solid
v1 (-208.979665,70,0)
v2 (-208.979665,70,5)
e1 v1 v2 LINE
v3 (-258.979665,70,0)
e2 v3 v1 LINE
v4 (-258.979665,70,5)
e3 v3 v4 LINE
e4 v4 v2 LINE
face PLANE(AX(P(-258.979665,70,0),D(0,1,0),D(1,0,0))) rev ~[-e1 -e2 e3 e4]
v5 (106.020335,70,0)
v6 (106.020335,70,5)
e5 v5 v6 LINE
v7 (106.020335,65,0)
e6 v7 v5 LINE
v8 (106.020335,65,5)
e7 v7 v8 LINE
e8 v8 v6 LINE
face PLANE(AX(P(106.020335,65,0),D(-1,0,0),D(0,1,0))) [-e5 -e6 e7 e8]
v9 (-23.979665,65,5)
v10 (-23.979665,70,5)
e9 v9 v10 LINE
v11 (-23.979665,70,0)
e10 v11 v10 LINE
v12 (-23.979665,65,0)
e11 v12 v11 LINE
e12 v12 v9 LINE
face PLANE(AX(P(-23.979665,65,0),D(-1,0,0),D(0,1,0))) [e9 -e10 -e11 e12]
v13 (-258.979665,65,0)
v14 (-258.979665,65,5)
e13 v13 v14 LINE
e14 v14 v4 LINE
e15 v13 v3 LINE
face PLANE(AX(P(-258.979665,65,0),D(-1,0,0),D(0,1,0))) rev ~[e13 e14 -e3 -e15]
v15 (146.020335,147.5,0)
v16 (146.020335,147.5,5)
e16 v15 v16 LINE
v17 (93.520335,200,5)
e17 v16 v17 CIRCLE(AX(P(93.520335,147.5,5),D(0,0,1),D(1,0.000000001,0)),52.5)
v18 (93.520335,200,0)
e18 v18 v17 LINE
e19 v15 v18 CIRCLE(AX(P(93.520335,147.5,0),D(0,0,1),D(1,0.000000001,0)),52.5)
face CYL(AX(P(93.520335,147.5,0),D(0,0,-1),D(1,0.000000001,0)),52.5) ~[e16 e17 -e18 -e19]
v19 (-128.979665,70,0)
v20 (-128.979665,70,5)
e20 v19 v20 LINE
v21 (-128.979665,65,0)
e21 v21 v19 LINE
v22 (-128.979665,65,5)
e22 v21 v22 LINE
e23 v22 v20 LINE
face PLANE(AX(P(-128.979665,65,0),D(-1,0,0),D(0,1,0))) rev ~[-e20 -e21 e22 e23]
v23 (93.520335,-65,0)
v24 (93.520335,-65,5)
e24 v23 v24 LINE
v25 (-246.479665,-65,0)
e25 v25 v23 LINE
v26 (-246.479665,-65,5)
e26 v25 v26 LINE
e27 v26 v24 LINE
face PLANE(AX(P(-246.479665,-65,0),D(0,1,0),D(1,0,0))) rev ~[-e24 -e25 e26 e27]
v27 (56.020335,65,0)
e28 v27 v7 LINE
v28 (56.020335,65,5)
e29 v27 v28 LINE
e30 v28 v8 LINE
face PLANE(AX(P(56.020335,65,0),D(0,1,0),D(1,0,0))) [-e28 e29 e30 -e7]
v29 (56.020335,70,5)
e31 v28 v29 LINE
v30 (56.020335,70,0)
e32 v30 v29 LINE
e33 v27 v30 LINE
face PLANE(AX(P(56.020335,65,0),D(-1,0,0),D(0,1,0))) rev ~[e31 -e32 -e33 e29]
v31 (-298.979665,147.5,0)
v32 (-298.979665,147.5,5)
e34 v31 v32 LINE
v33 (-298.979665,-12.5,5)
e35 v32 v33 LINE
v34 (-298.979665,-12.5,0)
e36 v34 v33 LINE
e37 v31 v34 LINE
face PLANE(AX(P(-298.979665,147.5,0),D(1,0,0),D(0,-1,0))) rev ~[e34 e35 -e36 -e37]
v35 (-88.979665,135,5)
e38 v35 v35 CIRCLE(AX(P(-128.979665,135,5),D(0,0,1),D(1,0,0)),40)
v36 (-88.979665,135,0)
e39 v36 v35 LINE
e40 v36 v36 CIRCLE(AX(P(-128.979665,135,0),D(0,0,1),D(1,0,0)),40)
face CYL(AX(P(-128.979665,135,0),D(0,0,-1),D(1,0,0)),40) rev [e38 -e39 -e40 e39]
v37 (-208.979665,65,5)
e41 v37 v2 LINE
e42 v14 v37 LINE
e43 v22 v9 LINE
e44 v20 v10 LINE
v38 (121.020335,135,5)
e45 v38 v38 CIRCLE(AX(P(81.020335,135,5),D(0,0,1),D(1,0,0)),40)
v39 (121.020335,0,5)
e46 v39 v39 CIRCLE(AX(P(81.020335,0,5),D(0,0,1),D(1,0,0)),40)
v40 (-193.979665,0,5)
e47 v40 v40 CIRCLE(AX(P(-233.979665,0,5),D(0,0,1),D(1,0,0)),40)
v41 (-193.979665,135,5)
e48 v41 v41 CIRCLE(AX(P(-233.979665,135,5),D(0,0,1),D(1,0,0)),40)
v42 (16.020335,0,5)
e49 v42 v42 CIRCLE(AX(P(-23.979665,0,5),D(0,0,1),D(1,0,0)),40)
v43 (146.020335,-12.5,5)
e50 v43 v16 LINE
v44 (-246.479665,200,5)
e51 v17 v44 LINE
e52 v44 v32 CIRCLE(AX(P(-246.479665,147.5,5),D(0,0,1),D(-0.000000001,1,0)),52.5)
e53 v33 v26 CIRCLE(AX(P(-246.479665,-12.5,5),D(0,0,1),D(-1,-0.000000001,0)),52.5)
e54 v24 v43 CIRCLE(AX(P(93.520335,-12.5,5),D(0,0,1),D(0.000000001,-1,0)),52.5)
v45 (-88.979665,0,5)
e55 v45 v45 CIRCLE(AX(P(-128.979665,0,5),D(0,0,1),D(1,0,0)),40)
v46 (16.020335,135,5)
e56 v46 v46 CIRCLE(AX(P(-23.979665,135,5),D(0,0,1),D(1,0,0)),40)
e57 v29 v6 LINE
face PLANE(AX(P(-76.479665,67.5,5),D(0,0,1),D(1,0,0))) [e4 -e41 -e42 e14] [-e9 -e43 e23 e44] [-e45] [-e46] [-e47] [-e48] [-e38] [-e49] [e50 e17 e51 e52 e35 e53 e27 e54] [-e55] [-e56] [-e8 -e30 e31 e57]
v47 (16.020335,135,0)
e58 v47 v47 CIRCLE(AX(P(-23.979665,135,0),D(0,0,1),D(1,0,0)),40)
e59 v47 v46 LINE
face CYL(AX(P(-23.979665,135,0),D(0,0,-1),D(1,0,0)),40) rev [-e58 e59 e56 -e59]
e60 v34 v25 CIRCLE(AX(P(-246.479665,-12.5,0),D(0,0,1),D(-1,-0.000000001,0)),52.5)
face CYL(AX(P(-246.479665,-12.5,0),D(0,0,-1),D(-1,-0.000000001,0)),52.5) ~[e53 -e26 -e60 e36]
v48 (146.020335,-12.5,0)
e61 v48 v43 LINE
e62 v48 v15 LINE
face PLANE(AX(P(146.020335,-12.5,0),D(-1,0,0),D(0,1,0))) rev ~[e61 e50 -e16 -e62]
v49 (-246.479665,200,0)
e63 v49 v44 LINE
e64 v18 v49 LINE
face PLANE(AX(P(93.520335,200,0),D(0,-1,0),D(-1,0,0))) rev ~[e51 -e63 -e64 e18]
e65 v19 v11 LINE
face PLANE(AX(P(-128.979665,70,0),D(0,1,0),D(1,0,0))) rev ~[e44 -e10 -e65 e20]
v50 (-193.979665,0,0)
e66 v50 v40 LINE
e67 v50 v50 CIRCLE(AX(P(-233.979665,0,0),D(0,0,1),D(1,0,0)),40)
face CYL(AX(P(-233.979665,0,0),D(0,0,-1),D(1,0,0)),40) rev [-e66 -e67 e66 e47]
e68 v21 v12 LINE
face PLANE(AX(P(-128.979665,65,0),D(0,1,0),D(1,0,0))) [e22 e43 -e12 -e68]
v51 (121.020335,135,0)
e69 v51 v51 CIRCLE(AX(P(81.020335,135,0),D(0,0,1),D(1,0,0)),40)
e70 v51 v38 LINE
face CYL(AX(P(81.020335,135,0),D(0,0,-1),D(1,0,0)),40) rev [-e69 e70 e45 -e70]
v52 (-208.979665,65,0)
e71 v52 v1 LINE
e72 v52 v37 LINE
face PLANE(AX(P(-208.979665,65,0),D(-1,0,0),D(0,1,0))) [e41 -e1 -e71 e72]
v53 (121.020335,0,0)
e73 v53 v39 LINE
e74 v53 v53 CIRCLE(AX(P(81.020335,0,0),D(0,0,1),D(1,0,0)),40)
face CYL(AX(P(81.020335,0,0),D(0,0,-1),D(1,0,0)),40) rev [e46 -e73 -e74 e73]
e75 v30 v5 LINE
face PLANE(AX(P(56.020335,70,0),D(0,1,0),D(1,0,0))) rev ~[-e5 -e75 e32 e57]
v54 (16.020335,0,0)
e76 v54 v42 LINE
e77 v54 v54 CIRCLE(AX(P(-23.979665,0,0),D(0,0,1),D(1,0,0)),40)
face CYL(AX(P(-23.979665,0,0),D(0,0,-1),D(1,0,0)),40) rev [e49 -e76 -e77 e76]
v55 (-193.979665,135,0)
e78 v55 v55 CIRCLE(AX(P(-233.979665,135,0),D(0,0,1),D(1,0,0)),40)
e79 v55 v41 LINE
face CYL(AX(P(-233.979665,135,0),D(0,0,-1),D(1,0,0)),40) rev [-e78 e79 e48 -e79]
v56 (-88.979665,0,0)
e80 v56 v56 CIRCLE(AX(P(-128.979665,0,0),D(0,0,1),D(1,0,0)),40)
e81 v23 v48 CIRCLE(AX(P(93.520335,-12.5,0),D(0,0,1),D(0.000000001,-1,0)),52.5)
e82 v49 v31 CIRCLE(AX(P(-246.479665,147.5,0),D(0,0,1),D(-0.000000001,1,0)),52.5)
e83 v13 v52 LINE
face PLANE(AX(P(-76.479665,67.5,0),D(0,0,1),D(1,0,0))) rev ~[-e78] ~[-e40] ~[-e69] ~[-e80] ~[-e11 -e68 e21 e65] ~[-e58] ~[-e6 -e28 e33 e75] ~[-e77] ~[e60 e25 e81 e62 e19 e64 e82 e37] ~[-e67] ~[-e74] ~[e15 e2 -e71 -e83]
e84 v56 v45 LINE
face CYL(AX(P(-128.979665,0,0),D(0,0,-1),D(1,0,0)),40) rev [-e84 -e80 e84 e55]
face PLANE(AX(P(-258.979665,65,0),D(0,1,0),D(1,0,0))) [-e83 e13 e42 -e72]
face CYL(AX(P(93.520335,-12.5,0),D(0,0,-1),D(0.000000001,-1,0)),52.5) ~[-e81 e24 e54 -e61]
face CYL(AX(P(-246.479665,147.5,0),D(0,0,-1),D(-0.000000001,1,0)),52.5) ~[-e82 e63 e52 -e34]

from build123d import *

# Parameters (mm, degrees)
F0_R     = 40
F0_W     = 50
F0_H     = 5
F0_W_2   = 105
F1_DEPTH = 5


with BuildPart() as f1:
    # F0 (on Top) → F1 (new body)
    with BuildSketch(Plane.XY):
        with BuildLine():
            ThreePointArc((146.020335, 147.5), (130.643441, 184.623106), (93.520335, 200))
            Line((93.520335, 200), (-246.479665, 200))
            ThreePointArc((-246.479665, 200), (-283.602771, 184.623106), (-298.979665, 147.5))
            Line((-298.979665, 147.5), (-298.979665, -12.5))
            ThreePointArc((-298.979665, -12.5), (-283.602771, -49.623106), (-246.479665, -65))
            Line((-246.479665, -65), (93.520335, -65))
            ThreePointArc((93.520335, -65), (130.643441, -49.623106), (146.020335, -12.5))
            Line((146.020335, -12.5), (146.020335, 65))
            Line((146.020335, 65), (146.020335, 70))
            Line((146.020335, 70), (146.020335, 147.5))
        make_face()
        with Locations((-233.979665, 0)):
            Circle(F0_R, mode=Mode.SUBTRACT)
        with Locations((-128.979665, 0)):
            Circle(F0_R, mode=Mode.SUBTRACT)
        with Locations((-23.979665, 0)):
            Circle(F0_R, mode=Mode.SUBTRACT)
        with Locations((81.020335, 0)):
            Circle(F0_R, mode=Mode.SUBTRACT)
        with Locations((-233.979665, 67.5)):
            Rectangle(F0_W, F0_H, mode=Mode.SUBTRACT)
        with Locations((-233.979665, 135)):
            Circle(F0_R, mode=Mode.SUBTRACT)
        with Locations((-128.979665, 135)):
            Circle(F0_R, mode=Mode.SUBTRACT)
        with Locations((-76.479665, 67.5)):
            Rectangle(F0_W_2, F0_H, mode=Mode.SUBTRACT)
        with Locations((81.020335, 67.5)):
            Rectangle(F0_W, F0_H, mode=Mode.SUBTRACT)
        with Locations((-23.979665, 135)):
            Circle(F0_R, mode=Mode.SUBTRACT)
        with Locations((81.020335, 135)):
            Circle(F0_R, mode=Mode.SUBTRACT)
    extrude(amount=F1_DEPTH)


solid = f1.part
